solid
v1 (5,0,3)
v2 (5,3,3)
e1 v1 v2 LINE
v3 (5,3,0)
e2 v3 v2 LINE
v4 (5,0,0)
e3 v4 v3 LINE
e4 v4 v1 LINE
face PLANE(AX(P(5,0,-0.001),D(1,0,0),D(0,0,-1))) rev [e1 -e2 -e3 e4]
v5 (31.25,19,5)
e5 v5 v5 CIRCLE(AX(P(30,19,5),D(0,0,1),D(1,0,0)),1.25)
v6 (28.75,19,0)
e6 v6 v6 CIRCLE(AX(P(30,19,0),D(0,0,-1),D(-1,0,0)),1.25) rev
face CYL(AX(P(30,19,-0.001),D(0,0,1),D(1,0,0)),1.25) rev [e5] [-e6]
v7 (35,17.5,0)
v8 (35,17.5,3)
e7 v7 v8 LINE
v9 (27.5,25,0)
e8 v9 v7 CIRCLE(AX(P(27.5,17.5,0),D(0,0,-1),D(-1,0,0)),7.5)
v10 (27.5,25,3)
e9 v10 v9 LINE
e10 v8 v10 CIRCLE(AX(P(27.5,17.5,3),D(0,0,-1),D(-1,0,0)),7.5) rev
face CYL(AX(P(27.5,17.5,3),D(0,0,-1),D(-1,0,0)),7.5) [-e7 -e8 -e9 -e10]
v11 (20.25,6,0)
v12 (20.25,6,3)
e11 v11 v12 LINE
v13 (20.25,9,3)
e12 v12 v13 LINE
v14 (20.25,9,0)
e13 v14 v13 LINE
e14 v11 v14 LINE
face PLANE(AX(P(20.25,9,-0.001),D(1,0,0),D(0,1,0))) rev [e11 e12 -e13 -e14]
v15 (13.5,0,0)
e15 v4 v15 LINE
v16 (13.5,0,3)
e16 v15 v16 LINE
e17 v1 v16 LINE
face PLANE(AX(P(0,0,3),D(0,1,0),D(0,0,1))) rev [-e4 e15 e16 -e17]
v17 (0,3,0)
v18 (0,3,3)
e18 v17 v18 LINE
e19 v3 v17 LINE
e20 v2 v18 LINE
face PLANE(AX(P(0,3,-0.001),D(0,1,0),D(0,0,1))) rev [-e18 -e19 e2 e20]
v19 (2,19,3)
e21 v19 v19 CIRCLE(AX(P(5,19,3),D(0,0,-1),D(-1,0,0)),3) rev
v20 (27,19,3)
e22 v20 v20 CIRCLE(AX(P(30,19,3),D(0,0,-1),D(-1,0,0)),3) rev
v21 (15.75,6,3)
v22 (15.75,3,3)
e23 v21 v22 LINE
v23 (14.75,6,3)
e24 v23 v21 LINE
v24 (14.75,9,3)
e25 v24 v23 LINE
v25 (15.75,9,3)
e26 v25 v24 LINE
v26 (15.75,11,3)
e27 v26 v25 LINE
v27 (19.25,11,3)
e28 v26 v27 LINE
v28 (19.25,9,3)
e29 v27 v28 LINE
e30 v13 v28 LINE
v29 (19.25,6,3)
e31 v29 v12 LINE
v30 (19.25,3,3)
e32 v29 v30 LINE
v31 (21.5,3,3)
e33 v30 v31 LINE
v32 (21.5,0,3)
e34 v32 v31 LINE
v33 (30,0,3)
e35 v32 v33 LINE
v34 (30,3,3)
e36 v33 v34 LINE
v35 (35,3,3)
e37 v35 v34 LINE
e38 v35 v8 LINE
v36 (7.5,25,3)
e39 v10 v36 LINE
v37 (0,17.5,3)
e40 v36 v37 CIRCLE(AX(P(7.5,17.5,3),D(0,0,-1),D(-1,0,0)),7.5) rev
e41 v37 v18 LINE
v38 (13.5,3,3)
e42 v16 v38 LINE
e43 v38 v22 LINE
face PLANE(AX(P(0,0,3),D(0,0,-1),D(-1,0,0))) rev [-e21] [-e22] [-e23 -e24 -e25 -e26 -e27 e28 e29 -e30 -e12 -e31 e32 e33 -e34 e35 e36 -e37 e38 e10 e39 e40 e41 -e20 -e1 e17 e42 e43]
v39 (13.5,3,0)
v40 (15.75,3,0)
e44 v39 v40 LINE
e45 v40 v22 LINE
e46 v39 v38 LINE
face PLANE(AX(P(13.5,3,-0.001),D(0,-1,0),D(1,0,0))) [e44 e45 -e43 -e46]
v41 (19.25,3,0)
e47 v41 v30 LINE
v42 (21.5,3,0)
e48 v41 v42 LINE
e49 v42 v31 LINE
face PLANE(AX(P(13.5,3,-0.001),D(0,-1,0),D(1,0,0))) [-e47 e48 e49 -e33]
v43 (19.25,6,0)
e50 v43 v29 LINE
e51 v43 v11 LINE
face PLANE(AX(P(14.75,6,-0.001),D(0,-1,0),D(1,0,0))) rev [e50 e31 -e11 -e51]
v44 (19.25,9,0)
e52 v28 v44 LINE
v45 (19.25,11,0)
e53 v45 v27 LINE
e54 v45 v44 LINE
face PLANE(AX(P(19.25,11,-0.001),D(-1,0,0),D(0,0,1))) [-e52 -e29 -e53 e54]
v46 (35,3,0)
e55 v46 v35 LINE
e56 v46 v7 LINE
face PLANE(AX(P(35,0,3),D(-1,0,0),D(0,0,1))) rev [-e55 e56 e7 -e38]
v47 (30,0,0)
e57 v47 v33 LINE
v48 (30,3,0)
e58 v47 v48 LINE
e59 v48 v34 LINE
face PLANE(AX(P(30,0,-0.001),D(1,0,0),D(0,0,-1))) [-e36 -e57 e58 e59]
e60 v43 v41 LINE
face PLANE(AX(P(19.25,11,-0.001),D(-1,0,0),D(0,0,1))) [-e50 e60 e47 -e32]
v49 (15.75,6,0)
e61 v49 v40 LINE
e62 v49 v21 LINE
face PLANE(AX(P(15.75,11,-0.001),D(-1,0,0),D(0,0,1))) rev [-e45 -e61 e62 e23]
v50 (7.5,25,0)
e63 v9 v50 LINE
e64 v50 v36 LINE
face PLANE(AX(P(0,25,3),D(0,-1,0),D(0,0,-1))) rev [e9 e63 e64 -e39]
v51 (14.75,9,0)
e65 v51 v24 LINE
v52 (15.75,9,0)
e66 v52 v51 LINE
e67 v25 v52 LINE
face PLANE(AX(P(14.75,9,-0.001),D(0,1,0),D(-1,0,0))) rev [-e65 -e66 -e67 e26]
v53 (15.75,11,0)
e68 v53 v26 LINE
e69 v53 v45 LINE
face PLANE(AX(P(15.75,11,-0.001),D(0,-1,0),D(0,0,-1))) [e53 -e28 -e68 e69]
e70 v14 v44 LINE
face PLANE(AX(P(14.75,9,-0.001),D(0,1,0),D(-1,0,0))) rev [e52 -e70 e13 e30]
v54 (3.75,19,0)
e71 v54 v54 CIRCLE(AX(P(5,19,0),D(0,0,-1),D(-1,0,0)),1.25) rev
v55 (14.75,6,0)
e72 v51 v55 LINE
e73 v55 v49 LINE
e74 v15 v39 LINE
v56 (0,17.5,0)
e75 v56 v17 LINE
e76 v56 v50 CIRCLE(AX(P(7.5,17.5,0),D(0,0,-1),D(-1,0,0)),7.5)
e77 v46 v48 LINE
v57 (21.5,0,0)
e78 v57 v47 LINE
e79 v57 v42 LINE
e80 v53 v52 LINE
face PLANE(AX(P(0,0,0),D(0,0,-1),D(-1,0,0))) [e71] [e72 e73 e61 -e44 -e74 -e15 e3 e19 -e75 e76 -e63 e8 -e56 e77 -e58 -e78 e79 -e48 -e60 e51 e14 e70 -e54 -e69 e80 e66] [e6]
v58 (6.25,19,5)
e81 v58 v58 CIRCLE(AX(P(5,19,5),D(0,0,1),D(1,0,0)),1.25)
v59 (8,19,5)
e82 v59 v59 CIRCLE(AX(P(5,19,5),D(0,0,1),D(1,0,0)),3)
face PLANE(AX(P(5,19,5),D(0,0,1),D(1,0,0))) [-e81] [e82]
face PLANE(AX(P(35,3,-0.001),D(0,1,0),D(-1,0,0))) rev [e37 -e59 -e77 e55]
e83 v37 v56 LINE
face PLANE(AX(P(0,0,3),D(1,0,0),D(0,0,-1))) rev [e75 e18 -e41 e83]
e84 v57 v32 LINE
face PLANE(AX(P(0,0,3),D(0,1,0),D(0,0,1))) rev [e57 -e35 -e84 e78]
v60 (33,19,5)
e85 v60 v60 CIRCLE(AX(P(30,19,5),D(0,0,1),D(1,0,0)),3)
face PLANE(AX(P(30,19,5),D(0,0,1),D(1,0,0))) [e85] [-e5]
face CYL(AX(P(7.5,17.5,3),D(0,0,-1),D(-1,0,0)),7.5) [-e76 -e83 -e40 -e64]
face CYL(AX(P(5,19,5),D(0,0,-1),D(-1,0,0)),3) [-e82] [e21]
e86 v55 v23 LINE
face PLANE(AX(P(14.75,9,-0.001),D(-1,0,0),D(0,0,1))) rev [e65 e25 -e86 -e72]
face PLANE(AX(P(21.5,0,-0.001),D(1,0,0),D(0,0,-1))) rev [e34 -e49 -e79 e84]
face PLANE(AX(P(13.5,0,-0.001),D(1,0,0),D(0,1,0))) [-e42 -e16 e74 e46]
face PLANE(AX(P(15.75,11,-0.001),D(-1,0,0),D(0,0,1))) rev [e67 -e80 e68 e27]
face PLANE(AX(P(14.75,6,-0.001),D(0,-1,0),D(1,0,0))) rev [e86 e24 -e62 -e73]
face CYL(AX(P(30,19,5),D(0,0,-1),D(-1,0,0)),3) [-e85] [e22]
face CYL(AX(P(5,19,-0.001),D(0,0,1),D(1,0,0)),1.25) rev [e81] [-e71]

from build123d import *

# Parameters (mm, degrees)
ESQUISSE1_W              = 35
ESQUISSE1_H              = 25
BOSS_EXTRU_1_DEPTH       = 3
CONG_3_R                 = 7.5
ENL_V_MAT_EXTRU_2_REACH  = 45.116
ESQUISSE3_W              = 8
ESQUISSE3_H              = 3
ENL_V_MAT_EXTRU_3_REACH  = 45.116
ESQUISSE4_W              = 5.5
ESQUISSE4_H              = 3
ENL_V_START              = -3
ESQUISSE5_W              = 3.5
ESQUISSE5_H              = 11
ENL_V_MAT_EXTRU_4_DEPTH  = 3
ENL_V_MAT_EXTRU_7_REACH  = 45.116
ESQUISSE8_W              = 5
ESQUISSE8_H              = 3
ENL_V_MAT_EXTRU_8_REACH  = 45.116
ESQUISSE9_W              = 5
ESQUISSE9_H              = 3
ESQUISSE12_R             = 3
BOSS_EXTRU_2_DEPTH       = 2
ESQUISSE13_R             = 3
BOSS_EXTRU_4_DEPTH       = 2
ENL_V_MAT_EXTRU_11_REACH = 45.301
ESQUISSE14_R             = 1.25
ENL_V_MAT_EXTRU_12_REACH = 45.301
ESQUISSE15_R             = 1.25


with BuildPart() as part:
    # Esquisse1 → Boss.-Extru.1 (new body)
    with BuildSketch(Plane.XY):
        with Locations((17.5, 12.5)):
            Rectangle(ESQUISSE1_W, ESQUISSE1_H)
    extrude(amount=BOSS_EXTRU_1_DEPTH)

    # Congé3
    cong_3_edges = [part.edges().sort_by_distance(p)[0] for p in [
        (0, 25, 1.5),
        (35, 25, 1.5),
    ]]
    fillet(cong_3_edges, radius=CONG_3_R)

    # Esquisse3 → Enlèv. mat.-Extru.2 (cut, up to next)
    with BuildSketch(Plane.XY.offset(3), mode=Mode.PRIVATE) as enl_v_mat_extru_2_sk1:
        with Locations((17.5, 1.5)):
            Rectangle(ESQUISSE3_W, ESQUISSE3_H)
    enl_v_mat_extru_2_tool1 = extrude(enl_v_mat_extru_2_sk1.sketch, amount=-ENL_V_MAT_EXTRU_2_REACH, mode=Mode.PRIVATE) & part.part
    add(enl_v_mat_extru_2_tool1.solids().sort_by_distance((17.5, 1.5, 3))[0], mode=Mode.SUBTRACT)

    # Esquisse4 → Enlèv. mat.-Extru.3 (cut, up to next)
    with BuildSketch(Plane.XY.offset(3), mode=Mode.PRIVATE) as enl_v_mat_extru_3_sk1:
        with Locations((17.5, 7.5)):
            Rectangle(ESQUISSE4_W, ESQUISSE4_H)
    enl_v_mat_extru_3_tool1 = extrude(enl_v_mat_extru_3_sk1.sketch, amount=-ENL_V_MAT_EXTRU_3_REACH, mode=Mode.PRIVATE) & part.part
    add(enl_v_mat_extru_3_tool1.solids().sort_by_distance((17.5, 7.5, 3))[0], mode=Mode.SUBTRACT)

    # Esquisse5 → Enlèv. mat.-Extru.4 (cut)
    with BuildSketch(Plane.XY.offset(3).offset(ENL_V_START)):
        with Locations((17.5, 5.5)):
            Rectangle(ESQUISSE5_W, ESQUISSE5_H)
    extrude(amount=ENL_V_MAT_EXTRU_4_DEPTH, mode=Mode.SUBTRACT)

    # Esquisse8 → Enlèv. mat.-Extru.7 (cut, up to next)
    with BuildSketch(Plane.XY.offset(3), mode=Mode.PRIVATE) as enl_v_mat_extru_7_sk1:
        with Locations((2.5, 1.5)):
            Rectangle(ESQUISSE8_W, ESQUISSE8_H)
    enl_v_mat_extru_7_tool1 = extrude(enl_v_mat_extru_7_sk1.sketch, amount=-ENL_V_MAT_EXTRU_7_REACH, mode=Mode.PRIVATE) & part.part
    add(enl_v_mat_extru_7_tool1.solids().sort_by_distance((2.5, 1.5, 3))[0], mode=Mode.SUBTRACT)

    # Esquisse9 → Enlèv. mat.-Extru.8 (cut, up to next)
    with BuildSketch(Plane.XY.offset(3), mode=Mode.PRIVATE) as enl_v_mat_extru_8_sk1:
        with Locations((32.5, 1.5)):
            Rectangle(ESQUISSE9_W, ESQUISSE9_H)
    enl_v_mat_extru_8_tool1 = extrude(enl_v_mat_extru_8_sk1.sketch, amount=-ENL_V_MAT_EXTRU_8_REACH, mode=Mode.PRIVATE) & part.part
    add(enl_v_mat_extru_8_tool1.solids().sort_by_distance((32.5, 1.5, 3))[0], mode=Mode.SUBTRACT)

    # Esquisse12 → Boss.-Extru.2 (add)
    with BuildSketch(Plane.XY.offset(3)):
        with Locations(Location((30, 19, 0), (0, 0, 180))):
            Circle(ESQUISSE12_R)
    extrude(amount=BOSS_EXTRU_2_DEPTH)

    # Esquisse13 → Boss.-Extru.4 (add)
    with BuildSketch(Plane.XY.offset(3)):
        with Locations(Location((5, 19, 0), (0, 0, 180))):
            Circle(ESQUISSE13_R)
    extrude(amount=BOSS_EXTRU_4_DEPTH)

    # Esquisse14 → Enlèv. mat.-Extru.11 (cut, up to next)
    with BuildSketch(Plane.XY.offset(5), mode=Mode.PRIVATE) as enl_v_mat_extru_11_sk1:
        with Locations((5, 19)):
            Circle(ESQUISSE14_R)
    enl_v_mat_extru_11_tool1 = extrude(enl_v_mat_extru_11_sk1.sketch, amount=-ENL_V_MAT_EXTRU_11_REACH, mode=Mode.PRIVATE) & part.part
    add(enl_v_mat_extru_11_tool1.solids().sort_by_distance((5, 19, 5))[0], mode=Mode.SUBTRACT)

    # Esquisse15 → Enlèv. mat.-Extru.12 (cut, up to next)
    with BuildSketch(Plane.XY.offset(5), mode=Mode.PRIVATE) as enl_v_mat_extru_12_sk1:
        with Locations((30, 19)):
            Circle(ESQUISSE15_R)
    enl_v_mat_extru_12_tool1 = extrude(enl_v_mat_extru_12_sk1.sketch, amount=-ENL_V_MAT_EXTRU_12_REACH, mode=Mode.PRIVATE) & part.part
    add(enl_v_mat_extru_12_tool1.solids().sort_by_distance((30, 19, 5))[0], mode=Mode.SUBTRACT)


solid = part.part
